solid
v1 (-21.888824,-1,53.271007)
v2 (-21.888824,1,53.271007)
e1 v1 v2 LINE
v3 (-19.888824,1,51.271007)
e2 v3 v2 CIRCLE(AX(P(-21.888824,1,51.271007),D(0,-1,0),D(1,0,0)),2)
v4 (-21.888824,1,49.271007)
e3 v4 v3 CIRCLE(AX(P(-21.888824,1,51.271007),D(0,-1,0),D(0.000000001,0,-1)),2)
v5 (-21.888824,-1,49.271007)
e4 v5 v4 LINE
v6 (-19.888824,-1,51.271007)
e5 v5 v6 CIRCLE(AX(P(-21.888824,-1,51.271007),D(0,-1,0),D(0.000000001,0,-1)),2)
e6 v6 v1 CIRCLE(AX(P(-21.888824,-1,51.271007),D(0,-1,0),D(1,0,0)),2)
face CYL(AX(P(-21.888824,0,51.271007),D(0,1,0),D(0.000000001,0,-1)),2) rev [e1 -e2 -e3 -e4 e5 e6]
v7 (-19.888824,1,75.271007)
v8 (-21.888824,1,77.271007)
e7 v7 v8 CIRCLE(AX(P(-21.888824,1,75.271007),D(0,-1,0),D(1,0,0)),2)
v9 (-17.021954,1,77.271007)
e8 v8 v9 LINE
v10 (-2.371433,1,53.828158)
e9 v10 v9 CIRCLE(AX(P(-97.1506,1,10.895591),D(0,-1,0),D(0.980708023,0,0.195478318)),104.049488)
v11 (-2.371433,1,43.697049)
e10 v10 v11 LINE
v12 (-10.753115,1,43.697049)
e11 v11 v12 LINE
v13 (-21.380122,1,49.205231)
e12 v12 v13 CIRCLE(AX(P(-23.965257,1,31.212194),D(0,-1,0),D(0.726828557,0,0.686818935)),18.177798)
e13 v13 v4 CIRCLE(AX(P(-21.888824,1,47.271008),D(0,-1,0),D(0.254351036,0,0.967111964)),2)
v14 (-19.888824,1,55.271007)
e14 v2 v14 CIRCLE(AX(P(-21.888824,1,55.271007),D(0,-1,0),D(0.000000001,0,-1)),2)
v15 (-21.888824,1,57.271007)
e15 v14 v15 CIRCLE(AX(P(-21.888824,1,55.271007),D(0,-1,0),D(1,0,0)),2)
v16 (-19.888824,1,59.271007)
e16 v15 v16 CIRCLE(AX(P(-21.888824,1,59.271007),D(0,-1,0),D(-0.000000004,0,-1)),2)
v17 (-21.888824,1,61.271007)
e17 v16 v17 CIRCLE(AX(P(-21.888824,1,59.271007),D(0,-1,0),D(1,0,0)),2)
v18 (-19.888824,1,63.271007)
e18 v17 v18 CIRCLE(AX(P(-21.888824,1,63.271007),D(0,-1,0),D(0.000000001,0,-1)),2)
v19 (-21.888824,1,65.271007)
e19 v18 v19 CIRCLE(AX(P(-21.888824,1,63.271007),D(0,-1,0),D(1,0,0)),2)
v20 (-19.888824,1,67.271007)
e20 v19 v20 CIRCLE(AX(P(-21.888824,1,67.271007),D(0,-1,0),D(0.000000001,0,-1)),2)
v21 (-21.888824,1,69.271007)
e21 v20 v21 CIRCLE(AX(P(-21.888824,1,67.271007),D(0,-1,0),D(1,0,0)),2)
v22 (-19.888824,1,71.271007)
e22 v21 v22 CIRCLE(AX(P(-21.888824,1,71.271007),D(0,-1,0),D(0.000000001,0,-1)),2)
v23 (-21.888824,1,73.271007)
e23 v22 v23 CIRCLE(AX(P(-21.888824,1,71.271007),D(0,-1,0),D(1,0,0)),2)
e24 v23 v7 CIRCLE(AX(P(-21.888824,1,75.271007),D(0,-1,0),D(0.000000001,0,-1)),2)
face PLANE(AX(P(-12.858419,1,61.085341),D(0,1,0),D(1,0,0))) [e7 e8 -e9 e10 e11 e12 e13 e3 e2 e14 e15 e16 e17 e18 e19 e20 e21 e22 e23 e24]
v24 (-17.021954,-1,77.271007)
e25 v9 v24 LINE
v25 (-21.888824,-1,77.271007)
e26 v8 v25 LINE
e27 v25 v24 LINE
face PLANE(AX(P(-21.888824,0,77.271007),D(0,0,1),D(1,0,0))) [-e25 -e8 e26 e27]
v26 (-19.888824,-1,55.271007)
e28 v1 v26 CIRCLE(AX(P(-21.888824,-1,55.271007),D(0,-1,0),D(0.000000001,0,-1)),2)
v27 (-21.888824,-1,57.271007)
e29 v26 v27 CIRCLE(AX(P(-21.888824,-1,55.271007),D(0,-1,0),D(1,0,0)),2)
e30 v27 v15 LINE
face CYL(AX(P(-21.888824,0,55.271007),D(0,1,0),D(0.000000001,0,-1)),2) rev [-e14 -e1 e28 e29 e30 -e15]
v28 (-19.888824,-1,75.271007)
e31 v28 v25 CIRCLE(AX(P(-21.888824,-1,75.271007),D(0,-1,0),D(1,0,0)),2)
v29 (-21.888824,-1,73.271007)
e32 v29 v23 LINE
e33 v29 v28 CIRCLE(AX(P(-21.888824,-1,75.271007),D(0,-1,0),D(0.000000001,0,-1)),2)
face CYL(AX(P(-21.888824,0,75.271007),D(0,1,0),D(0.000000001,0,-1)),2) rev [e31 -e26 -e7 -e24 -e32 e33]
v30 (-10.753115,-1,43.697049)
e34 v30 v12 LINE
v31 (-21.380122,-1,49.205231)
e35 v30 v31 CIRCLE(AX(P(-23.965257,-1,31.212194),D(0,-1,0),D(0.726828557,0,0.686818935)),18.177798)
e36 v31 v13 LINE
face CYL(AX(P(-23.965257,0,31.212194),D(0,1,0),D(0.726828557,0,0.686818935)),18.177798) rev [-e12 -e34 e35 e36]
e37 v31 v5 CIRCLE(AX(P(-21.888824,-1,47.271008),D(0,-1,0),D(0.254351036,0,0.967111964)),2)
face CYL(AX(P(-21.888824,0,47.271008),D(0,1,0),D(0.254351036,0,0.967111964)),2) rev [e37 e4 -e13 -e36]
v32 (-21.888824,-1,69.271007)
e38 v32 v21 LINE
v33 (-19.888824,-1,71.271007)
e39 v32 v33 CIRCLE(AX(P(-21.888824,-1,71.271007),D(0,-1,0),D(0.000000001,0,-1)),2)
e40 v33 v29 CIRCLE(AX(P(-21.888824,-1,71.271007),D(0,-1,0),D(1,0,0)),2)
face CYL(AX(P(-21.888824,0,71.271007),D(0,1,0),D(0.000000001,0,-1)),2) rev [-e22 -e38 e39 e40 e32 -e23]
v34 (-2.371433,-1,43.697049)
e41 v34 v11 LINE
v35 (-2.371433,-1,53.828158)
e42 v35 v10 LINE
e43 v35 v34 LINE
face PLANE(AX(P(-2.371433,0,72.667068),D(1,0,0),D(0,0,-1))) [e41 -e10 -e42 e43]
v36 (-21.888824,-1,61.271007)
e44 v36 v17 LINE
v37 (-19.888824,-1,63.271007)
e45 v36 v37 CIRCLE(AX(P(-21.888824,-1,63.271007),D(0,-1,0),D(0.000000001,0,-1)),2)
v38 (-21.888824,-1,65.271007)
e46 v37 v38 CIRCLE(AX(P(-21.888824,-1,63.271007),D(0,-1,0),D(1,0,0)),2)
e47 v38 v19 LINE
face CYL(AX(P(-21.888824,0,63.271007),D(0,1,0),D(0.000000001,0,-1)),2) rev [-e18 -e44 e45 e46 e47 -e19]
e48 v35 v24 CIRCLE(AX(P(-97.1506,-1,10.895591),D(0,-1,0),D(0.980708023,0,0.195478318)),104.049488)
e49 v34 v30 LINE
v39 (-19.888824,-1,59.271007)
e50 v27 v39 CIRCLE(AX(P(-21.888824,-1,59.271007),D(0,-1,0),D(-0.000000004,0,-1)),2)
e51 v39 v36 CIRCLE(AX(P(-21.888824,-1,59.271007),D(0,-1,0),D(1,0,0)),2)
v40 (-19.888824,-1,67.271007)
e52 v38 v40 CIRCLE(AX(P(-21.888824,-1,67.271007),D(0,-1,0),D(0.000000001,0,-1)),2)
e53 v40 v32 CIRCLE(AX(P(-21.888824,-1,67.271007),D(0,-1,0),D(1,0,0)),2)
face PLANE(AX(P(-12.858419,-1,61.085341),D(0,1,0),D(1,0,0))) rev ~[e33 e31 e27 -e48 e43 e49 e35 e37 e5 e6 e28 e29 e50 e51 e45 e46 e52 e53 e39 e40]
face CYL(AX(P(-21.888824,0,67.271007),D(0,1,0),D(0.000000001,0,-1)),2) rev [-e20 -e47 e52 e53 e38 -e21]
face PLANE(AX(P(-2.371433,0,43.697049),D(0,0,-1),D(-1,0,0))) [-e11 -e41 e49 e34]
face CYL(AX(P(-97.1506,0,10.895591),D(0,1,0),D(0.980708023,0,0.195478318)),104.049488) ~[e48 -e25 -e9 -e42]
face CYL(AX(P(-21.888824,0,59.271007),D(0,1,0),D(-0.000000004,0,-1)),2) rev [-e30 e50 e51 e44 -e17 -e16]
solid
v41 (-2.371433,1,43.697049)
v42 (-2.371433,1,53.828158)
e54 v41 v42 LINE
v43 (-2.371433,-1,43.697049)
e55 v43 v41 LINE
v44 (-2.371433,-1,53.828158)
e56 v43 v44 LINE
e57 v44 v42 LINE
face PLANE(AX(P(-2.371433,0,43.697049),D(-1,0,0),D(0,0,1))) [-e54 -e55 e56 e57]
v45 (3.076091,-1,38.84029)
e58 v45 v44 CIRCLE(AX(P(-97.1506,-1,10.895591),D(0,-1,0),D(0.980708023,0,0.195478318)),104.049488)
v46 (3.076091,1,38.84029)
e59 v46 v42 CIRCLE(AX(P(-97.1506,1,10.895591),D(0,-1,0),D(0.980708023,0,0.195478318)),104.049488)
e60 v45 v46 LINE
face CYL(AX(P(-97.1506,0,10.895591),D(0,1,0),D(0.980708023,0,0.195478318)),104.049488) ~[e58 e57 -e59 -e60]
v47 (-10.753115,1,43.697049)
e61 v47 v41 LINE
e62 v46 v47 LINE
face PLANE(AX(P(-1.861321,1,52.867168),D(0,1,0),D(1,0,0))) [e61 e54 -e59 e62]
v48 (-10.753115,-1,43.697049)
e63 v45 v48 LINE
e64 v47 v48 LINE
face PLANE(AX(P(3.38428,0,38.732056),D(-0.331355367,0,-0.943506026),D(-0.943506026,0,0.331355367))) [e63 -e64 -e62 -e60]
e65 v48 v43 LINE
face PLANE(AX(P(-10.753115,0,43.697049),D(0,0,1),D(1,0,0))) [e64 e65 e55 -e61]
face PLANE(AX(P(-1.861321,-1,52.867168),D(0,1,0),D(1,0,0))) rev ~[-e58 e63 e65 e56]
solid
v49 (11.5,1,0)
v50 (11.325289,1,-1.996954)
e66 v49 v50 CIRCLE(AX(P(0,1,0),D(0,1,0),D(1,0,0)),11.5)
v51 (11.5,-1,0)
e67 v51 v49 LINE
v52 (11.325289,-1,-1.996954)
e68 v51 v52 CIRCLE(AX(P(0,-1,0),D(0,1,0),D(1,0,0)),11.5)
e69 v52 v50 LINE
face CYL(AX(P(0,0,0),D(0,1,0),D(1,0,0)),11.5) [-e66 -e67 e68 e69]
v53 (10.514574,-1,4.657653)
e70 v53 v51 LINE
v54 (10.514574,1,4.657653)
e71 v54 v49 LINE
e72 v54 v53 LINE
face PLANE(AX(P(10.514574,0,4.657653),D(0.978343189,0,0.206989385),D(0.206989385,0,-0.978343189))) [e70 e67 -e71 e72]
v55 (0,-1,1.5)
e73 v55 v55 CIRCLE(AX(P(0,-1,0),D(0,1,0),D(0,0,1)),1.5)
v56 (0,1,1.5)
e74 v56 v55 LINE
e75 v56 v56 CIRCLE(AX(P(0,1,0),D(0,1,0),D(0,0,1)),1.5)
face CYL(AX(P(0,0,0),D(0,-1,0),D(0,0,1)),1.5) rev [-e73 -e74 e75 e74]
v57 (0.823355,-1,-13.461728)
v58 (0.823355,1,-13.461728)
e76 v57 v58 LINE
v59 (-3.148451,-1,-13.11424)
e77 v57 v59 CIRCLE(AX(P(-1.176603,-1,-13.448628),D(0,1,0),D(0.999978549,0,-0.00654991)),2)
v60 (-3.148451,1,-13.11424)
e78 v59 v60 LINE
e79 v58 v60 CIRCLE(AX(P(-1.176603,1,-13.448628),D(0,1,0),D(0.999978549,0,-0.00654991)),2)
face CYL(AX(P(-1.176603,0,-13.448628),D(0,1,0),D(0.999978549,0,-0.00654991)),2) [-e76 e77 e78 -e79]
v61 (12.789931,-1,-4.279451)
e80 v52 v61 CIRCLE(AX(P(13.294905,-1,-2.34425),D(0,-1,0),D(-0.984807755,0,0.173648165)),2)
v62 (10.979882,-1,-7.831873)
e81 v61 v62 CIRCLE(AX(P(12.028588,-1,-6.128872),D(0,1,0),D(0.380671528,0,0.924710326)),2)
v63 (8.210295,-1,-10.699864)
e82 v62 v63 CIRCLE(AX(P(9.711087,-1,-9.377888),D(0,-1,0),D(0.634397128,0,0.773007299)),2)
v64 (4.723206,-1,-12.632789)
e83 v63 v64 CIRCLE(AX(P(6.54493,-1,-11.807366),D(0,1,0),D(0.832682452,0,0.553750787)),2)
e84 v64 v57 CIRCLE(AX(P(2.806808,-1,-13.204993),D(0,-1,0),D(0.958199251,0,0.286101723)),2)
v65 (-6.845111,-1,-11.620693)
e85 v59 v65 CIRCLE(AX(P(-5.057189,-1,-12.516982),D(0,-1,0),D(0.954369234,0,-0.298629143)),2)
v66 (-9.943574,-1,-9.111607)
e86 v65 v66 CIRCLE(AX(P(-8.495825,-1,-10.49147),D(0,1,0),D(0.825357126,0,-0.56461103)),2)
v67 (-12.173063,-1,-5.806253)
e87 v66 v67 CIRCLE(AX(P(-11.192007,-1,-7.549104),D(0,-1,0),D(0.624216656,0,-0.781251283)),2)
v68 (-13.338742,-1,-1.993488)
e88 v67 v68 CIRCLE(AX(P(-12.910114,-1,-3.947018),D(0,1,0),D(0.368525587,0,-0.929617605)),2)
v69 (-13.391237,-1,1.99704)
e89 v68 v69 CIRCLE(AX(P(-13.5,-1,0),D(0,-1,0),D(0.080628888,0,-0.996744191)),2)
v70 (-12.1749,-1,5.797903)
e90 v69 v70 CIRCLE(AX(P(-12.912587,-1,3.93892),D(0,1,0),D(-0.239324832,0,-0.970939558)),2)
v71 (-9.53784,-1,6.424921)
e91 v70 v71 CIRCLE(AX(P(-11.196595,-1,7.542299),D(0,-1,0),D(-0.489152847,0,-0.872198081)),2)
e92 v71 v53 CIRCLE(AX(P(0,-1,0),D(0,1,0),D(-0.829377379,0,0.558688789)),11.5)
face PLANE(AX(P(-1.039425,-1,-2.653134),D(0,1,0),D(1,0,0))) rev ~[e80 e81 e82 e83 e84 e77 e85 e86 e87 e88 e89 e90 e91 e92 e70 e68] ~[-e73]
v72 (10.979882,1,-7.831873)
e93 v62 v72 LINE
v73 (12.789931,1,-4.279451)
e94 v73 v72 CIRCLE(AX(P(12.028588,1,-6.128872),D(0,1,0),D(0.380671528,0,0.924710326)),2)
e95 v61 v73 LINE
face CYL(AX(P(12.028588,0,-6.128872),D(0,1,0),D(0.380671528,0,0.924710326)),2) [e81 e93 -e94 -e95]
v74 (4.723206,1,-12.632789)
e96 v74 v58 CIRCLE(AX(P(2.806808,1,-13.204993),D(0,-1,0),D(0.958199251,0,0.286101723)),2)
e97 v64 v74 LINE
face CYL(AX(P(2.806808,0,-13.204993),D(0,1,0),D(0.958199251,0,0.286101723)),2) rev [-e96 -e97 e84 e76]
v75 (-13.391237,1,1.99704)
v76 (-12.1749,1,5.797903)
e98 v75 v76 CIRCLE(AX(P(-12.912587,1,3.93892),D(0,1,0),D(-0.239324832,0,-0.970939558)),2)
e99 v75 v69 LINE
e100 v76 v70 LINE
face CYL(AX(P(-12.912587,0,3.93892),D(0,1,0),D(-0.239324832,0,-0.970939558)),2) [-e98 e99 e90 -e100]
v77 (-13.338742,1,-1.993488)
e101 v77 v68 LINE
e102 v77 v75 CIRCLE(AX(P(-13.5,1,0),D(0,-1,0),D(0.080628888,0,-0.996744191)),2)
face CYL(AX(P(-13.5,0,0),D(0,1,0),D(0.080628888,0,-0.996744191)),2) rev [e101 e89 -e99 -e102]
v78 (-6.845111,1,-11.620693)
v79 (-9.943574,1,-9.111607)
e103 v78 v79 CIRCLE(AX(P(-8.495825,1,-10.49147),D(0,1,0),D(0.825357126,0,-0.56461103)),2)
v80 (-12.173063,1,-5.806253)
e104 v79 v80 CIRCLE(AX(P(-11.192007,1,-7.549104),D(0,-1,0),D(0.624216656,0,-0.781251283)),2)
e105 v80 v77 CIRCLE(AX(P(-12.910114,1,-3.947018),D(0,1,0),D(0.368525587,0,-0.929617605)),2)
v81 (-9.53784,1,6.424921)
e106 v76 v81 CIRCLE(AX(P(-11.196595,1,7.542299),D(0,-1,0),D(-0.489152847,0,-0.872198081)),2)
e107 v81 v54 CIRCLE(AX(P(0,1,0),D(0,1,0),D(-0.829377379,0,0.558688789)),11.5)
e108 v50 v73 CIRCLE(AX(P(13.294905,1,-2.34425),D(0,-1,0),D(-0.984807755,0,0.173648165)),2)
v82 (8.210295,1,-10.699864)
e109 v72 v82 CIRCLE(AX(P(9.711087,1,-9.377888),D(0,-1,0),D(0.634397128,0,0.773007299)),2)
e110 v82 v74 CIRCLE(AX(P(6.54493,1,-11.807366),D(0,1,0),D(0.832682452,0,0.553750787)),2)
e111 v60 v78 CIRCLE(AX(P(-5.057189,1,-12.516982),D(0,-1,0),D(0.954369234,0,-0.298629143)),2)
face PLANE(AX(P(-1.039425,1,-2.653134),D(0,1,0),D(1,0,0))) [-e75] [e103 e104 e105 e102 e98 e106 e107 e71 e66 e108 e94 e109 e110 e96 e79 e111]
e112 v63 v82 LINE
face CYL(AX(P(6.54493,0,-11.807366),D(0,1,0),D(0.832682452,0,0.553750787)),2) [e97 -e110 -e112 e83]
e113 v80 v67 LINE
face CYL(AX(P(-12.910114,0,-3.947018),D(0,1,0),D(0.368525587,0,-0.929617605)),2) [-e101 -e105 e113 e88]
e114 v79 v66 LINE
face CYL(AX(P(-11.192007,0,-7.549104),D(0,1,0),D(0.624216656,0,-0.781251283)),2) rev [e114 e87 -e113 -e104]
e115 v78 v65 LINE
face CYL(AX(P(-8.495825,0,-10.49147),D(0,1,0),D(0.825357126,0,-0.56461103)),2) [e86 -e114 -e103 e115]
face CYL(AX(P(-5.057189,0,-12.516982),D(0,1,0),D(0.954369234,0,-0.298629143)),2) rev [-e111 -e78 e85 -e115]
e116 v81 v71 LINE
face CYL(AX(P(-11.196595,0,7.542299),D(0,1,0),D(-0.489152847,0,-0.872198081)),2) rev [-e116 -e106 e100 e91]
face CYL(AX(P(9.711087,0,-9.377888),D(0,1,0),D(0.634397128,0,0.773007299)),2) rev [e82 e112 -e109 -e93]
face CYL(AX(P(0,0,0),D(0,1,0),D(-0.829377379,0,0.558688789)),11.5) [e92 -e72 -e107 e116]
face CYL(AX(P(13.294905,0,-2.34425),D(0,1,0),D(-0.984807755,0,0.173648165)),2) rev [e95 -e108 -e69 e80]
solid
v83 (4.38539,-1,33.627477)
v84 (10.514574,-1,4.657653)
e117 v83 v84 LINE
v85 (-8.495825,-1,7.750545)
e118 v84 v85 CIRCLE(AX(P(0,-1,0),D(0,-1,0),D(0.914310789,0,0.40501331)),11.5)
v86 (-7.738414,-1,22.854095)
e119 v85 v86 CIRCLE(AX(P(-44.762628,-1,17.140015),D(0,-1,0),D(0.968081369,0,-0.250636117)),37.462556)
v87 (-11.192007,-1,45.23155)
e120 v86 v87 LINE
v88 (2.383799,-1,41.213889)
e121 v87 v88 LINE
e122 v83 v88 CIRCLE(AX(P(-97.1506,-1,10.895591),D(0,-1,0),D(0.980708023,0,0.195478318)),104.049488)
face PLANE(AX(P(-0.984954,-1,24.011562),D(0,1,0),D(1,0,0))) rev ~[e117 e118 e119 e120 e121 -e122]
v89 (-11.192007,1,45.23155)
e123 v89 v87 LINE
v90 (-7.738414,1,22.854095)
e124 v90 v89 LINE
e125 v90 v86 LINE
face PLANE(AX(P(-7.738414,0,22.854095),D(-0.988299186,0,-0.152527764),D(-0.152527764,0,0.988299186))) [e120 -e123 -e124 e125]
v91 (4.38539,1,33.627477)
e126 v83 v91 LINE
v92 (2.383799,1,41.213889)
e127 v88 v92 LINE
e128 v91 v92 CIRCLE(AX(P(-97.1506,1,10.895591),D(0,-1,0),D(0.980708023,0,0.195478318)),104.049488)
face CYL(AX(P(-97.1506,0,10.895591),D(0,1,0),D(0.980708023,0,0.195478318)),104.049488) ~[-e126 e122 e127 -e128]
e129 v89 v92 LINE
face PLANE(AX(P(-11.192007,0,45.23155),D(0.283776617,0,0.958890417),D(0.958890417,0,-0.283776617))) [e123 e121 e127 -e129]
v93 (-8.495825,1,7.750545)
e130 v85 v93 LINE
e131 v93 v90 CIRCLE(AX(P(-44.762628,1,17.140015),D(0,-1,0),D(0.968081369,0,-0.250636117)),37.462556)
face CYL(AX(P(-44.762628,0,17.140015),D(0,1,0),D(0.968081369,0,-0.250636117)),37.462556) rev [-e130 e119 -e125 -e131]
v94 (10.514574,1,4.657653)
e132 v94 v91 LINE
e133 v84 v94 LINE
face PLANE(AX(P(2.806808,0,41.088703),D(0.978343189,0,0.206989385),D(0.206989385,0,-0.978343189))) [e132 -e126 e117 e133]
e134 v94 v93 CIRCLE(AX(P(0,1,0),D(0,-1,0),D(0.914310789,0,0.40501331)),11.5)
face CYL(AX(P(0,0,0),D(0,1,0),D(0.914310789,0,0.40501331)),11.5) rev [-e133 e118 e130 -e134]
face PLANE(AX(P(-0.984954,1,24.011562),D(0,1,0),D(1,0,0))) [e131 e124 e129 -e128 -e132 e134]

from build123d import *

# Parameters (mm, degrees)
SKETCH1_R           = 1.5
BOSS_EXTRUDE3_DEPTH = 1
BOSS_EXTRUDE5_DEPTH = 1
BOSS_EXTRUDE7_DEPTH = 1
BOSS_EXTRUDE8_DEPTH = 1
CUT_EXTRUDE2_DEPTH  = 1


with BuildPart() as part:
    # Sketch1 → Boss-Extrude3 (new, symmetric)
    with BuildSketch(Plane(origin=(0, 0, 0), x_dir=(1, 0, 0), z_dir=(0, 1, 0))):
        with BuildLine():
            Line((10.514574075, -4.657653059), (11.5, 0))
            ThreePointArc((11.5, 0), (11.456239027, 1.002291054), (11.325289155, 1.996954068))
            ThreePointArc((11.325289155, 1.996954068), (11.611650109, 3.42436803), (12.789931133, 4.279451094))
            ThreePointArc((12.789931133, 4.279451094), (13.810601125, 7.036852746), (10.979881559, 7.831873403))
            ThreePointArc((10.979881559, 7.831873403), (8.272407704, 7.98857126), (8.210294777, 10.699864472))
            ThreePointArc((8.210294777, 10.699864472), (7.514549114, 13.556605461), (4.723206327, 12.632789163))
            ThreePointArc((4.723206327, 12.632789163), (2.390984444, 11.248697408), (0.823354571, 13.461728244))
            ThreePointArc((0.823354571, 13.461728244), (-1.350914013, 15.44101782), (-3.148450543, 13.114240322))
            ThreePointArc((-3.148450543, 13.114240322), (-4.307975824, 10.662614328), (-6.845111027, 11.620692539))
            ThreePointArc((-6.845111027, 11.620692539), (-9.754466061, 12.045762403), (-9.943573918, 9.111606762))
            ThreePointArc((-9.943573918, 9.111606762), (-9.533932084, 6.43071839), (-12.173063031, 5.806253224))
            ThreePointArc((-12.173063031, 5.806253224), (-14.822723717, 4.531761423), (-13.338742224, 1.993488382))
            ThreePointArc((-13.338742224, 1.993488382), (-11.500173028, -0.026307423), (-13.391237031, -1.997040464))
            ThreePointArc((-13.391237031, -1.997040464), (-14.817426803, -4.548498719), (-12.174900262, -5.797902564))
            ThreePointArc((-12.174900262, -5.797902564), (-10.733949165, -5.596544571), (-9.537839858, -6.424921076))
            ThreePointArc((-9.537839858, -6.424921076), (1.009609575, -11.455596384), (10.514574075, -4.657653059))
        make_face()
        with Locations(Location((0, 0, 0), (0, 0, 270))):
            Circle(SKETCH1_R, mode=Mode.SUBTRACT)
    extrude(amount=BOSS_EXTRUDE3_DEPTH, both=True)


with BuildPart() as body_2:
    # Sketch1<5> → Boss-Extrude5 (new, symmetric)
    with BuildSketch(Plane(origin=(0, 0, 0), x_dir=(1, 0, 0), z_dir=(0, 1, 0))):
        with BuildLine():
            Line((2.806807826, -41.088702969), (10.514574075, -4.657653059))
            ThreePointArc((10.514574075, -4.657653059), (1.846708509, -11.35075626), (-8.495825279, -7.750545324))
            ThreePointArc((-8.495825279, -7.750545324), (-7.347088724, -15.263704681), (-7.738414168, -22.854094893))
            Line((-7.738414168, -22.854094893), (-11.192007229, -45.231550072))
            Line((-11.192007229, -45.231550072), (2.806807826, -41.088702969))
        make_face()
    extrude(amount=BOSS_EXTRUDE5_DEPTH, both=True)


with BuildPart() as body_3:
    # Sketch2 → Boss-Extrude7 (new, symmetric)
    with BuildSketch(Plane(origin=(0, 0, 0), x_dir=(1, 0, 0), z_dir=(0, 1, 0))):
        with BuildLine():
            Line((-2.371433126, -72.667068493), (-2.371433126, -43.697049279))
            Line((-2.371433126, -43.697049279), (-10.753114724, -43.697049279))
            ThreePointArc((-10.753114724, -43.697049279), (-15.600240159, -47.350930238), (-21.380122364, -49.205231385))
            ThreePointArc((-21.380122364, -49.205231385), (-21.632355968, -49.254495275), (-21.888824426, -49.271007455))
            ThreePointArc((-21.888824426, -49.271007455), (-20.474610864, -49.856793893), (-19.888824426, -51.271007455))
            ThreePointArc((-19.888824426, -51.271007455), (-20.474610864, -52.685221018), (-21.888824426, -53.271007455))
            ThreePointArc((-21.888824426, -53.271007455), (-20.474610864, -53.856793893), (-19.888824426, -55.271007455))
            ThreePointArc((-19.888824426, -55.271007455), (-20.474610866, -56.68522102), (-21.888824433, -57.271007455))
            ThreePointArc((-21.888824433, -57.271007455), (-20.474610866, -57.85679389), (-19.888824426, -59.271007455))
            ThreePointArc((-19.888824426, -59.271007455), (-20.474610864, -60.685221018), (-21.888824426, -61.271007455))
            ThreePointArc((-21.888824426, -61.271007455), (-20.474610864, -61.856793893), (-19.888824426, -63.271007455))
            ThreePointArc((-19.888824426, -63.271007455), (-20.474610864, -64.685221018), (-21.888824426, -65.271007455))
            ThreePointArc((-21.888824426, -65.271007455), (-20.474610864, -65.856793893), (-19.888824426, -67.271007455))
            ThreePointArc((-19.888824426, -67.271007455), (-20.474610864, -68.685221018), (-21.888824426, -69.271007455))
            ThreePointArc((-21.888824426, -69.271007455), (-20.474610864, -69.856793893), (-19.888824426, -71.271007455))
            ThreePointArc((-19.888824426, -71.271007455), (-20.474610864, -72.685221018), (-21.888824426, -73.271007455))
            ThreePointArc((-21.888824426, -73.271007455), (-20.474610864, -73.856793893), (-19.888824426, -75.271007455))
            ThreePointArc((-19.888824426, -75.271007455), (-20.474610864, -76.685221018), (-21.888824426, -77.271007455))
            Line((-21.888824426, -77.271007455), (-12.155084024, -77.271007455))
            ThreePointArc((-12.155084024, -77.271007455), (-6.995429189, -75.538191741), (-2.371433126, -72.667068493))
        make_face()
    extrude(amount=BOSS_EXTRUDE7_DEPTH, both=True)


with BuildPart() as body_4:
    # Sketch2<5> → Boss-Extrude8 (new, symmetric)
    with BuildSketch(Plane(origin=(0, 0, 0), x_dir=(1, 0, 0), z_dir=(0, 1, 0))):
        Polygon((-10.753114724, -43.697049279), (-2.371433126, -43.697049279), (-2.371433126, -72.667068493), (3.384279509, -38.732055606), align=None)
    extrude(amount=BOSS_EXTRUDE8_DEPTH, both=True)


with BuildPart() as cut_extrude2_tool:
    # Sketch3 → Cut-Extrude2 (new, symmetric)
    with BuildSketch(Plane(origin=(0, 0, 0), x_dir=(1, 0, 0), z_dir=(0, 1, 0))):
        with BuildLine():
            Line((-17.021954225, -77.271007455), (4.891566987, -77.271007455))
            Line((4.891566987, -77.271007455), (4.891566987, -31.235009619))
            ThreePointArc((4.891566987, -31.235009619), (-3.20178666, -55.616014274), (-17.021954225, -77.271007455))
        make_face()
    extrude(amount=CUT_EXTRUDE2_DEPTH, both=True)


with BuildPart() as body_2_1:
    add(body_2.part)

    # Cut-Extrude2: cut by cut_extrude2_tool
    add(cut_extrude2_tool.part, mode=Mode.SUBTRACT)


with BuildPart() as body_3_1:
    add(body_3.part)

    # Cut-Extrude2: cut by cut_extrude2_tool
    add(cut_extrude2_tool.part, mode=Mode.SUBTRACT)


with BuildPart() as body_4_1:
    add(body_4.part)

    # Cut-Extrude2: cut by cut_extrude2_tool
    add(cut_extrude2_tool.part, mode=Mode.SUBTRACT)


solid = Compound([part.part, body_2_1.part, body_3_1.part, body_4_1.part])
